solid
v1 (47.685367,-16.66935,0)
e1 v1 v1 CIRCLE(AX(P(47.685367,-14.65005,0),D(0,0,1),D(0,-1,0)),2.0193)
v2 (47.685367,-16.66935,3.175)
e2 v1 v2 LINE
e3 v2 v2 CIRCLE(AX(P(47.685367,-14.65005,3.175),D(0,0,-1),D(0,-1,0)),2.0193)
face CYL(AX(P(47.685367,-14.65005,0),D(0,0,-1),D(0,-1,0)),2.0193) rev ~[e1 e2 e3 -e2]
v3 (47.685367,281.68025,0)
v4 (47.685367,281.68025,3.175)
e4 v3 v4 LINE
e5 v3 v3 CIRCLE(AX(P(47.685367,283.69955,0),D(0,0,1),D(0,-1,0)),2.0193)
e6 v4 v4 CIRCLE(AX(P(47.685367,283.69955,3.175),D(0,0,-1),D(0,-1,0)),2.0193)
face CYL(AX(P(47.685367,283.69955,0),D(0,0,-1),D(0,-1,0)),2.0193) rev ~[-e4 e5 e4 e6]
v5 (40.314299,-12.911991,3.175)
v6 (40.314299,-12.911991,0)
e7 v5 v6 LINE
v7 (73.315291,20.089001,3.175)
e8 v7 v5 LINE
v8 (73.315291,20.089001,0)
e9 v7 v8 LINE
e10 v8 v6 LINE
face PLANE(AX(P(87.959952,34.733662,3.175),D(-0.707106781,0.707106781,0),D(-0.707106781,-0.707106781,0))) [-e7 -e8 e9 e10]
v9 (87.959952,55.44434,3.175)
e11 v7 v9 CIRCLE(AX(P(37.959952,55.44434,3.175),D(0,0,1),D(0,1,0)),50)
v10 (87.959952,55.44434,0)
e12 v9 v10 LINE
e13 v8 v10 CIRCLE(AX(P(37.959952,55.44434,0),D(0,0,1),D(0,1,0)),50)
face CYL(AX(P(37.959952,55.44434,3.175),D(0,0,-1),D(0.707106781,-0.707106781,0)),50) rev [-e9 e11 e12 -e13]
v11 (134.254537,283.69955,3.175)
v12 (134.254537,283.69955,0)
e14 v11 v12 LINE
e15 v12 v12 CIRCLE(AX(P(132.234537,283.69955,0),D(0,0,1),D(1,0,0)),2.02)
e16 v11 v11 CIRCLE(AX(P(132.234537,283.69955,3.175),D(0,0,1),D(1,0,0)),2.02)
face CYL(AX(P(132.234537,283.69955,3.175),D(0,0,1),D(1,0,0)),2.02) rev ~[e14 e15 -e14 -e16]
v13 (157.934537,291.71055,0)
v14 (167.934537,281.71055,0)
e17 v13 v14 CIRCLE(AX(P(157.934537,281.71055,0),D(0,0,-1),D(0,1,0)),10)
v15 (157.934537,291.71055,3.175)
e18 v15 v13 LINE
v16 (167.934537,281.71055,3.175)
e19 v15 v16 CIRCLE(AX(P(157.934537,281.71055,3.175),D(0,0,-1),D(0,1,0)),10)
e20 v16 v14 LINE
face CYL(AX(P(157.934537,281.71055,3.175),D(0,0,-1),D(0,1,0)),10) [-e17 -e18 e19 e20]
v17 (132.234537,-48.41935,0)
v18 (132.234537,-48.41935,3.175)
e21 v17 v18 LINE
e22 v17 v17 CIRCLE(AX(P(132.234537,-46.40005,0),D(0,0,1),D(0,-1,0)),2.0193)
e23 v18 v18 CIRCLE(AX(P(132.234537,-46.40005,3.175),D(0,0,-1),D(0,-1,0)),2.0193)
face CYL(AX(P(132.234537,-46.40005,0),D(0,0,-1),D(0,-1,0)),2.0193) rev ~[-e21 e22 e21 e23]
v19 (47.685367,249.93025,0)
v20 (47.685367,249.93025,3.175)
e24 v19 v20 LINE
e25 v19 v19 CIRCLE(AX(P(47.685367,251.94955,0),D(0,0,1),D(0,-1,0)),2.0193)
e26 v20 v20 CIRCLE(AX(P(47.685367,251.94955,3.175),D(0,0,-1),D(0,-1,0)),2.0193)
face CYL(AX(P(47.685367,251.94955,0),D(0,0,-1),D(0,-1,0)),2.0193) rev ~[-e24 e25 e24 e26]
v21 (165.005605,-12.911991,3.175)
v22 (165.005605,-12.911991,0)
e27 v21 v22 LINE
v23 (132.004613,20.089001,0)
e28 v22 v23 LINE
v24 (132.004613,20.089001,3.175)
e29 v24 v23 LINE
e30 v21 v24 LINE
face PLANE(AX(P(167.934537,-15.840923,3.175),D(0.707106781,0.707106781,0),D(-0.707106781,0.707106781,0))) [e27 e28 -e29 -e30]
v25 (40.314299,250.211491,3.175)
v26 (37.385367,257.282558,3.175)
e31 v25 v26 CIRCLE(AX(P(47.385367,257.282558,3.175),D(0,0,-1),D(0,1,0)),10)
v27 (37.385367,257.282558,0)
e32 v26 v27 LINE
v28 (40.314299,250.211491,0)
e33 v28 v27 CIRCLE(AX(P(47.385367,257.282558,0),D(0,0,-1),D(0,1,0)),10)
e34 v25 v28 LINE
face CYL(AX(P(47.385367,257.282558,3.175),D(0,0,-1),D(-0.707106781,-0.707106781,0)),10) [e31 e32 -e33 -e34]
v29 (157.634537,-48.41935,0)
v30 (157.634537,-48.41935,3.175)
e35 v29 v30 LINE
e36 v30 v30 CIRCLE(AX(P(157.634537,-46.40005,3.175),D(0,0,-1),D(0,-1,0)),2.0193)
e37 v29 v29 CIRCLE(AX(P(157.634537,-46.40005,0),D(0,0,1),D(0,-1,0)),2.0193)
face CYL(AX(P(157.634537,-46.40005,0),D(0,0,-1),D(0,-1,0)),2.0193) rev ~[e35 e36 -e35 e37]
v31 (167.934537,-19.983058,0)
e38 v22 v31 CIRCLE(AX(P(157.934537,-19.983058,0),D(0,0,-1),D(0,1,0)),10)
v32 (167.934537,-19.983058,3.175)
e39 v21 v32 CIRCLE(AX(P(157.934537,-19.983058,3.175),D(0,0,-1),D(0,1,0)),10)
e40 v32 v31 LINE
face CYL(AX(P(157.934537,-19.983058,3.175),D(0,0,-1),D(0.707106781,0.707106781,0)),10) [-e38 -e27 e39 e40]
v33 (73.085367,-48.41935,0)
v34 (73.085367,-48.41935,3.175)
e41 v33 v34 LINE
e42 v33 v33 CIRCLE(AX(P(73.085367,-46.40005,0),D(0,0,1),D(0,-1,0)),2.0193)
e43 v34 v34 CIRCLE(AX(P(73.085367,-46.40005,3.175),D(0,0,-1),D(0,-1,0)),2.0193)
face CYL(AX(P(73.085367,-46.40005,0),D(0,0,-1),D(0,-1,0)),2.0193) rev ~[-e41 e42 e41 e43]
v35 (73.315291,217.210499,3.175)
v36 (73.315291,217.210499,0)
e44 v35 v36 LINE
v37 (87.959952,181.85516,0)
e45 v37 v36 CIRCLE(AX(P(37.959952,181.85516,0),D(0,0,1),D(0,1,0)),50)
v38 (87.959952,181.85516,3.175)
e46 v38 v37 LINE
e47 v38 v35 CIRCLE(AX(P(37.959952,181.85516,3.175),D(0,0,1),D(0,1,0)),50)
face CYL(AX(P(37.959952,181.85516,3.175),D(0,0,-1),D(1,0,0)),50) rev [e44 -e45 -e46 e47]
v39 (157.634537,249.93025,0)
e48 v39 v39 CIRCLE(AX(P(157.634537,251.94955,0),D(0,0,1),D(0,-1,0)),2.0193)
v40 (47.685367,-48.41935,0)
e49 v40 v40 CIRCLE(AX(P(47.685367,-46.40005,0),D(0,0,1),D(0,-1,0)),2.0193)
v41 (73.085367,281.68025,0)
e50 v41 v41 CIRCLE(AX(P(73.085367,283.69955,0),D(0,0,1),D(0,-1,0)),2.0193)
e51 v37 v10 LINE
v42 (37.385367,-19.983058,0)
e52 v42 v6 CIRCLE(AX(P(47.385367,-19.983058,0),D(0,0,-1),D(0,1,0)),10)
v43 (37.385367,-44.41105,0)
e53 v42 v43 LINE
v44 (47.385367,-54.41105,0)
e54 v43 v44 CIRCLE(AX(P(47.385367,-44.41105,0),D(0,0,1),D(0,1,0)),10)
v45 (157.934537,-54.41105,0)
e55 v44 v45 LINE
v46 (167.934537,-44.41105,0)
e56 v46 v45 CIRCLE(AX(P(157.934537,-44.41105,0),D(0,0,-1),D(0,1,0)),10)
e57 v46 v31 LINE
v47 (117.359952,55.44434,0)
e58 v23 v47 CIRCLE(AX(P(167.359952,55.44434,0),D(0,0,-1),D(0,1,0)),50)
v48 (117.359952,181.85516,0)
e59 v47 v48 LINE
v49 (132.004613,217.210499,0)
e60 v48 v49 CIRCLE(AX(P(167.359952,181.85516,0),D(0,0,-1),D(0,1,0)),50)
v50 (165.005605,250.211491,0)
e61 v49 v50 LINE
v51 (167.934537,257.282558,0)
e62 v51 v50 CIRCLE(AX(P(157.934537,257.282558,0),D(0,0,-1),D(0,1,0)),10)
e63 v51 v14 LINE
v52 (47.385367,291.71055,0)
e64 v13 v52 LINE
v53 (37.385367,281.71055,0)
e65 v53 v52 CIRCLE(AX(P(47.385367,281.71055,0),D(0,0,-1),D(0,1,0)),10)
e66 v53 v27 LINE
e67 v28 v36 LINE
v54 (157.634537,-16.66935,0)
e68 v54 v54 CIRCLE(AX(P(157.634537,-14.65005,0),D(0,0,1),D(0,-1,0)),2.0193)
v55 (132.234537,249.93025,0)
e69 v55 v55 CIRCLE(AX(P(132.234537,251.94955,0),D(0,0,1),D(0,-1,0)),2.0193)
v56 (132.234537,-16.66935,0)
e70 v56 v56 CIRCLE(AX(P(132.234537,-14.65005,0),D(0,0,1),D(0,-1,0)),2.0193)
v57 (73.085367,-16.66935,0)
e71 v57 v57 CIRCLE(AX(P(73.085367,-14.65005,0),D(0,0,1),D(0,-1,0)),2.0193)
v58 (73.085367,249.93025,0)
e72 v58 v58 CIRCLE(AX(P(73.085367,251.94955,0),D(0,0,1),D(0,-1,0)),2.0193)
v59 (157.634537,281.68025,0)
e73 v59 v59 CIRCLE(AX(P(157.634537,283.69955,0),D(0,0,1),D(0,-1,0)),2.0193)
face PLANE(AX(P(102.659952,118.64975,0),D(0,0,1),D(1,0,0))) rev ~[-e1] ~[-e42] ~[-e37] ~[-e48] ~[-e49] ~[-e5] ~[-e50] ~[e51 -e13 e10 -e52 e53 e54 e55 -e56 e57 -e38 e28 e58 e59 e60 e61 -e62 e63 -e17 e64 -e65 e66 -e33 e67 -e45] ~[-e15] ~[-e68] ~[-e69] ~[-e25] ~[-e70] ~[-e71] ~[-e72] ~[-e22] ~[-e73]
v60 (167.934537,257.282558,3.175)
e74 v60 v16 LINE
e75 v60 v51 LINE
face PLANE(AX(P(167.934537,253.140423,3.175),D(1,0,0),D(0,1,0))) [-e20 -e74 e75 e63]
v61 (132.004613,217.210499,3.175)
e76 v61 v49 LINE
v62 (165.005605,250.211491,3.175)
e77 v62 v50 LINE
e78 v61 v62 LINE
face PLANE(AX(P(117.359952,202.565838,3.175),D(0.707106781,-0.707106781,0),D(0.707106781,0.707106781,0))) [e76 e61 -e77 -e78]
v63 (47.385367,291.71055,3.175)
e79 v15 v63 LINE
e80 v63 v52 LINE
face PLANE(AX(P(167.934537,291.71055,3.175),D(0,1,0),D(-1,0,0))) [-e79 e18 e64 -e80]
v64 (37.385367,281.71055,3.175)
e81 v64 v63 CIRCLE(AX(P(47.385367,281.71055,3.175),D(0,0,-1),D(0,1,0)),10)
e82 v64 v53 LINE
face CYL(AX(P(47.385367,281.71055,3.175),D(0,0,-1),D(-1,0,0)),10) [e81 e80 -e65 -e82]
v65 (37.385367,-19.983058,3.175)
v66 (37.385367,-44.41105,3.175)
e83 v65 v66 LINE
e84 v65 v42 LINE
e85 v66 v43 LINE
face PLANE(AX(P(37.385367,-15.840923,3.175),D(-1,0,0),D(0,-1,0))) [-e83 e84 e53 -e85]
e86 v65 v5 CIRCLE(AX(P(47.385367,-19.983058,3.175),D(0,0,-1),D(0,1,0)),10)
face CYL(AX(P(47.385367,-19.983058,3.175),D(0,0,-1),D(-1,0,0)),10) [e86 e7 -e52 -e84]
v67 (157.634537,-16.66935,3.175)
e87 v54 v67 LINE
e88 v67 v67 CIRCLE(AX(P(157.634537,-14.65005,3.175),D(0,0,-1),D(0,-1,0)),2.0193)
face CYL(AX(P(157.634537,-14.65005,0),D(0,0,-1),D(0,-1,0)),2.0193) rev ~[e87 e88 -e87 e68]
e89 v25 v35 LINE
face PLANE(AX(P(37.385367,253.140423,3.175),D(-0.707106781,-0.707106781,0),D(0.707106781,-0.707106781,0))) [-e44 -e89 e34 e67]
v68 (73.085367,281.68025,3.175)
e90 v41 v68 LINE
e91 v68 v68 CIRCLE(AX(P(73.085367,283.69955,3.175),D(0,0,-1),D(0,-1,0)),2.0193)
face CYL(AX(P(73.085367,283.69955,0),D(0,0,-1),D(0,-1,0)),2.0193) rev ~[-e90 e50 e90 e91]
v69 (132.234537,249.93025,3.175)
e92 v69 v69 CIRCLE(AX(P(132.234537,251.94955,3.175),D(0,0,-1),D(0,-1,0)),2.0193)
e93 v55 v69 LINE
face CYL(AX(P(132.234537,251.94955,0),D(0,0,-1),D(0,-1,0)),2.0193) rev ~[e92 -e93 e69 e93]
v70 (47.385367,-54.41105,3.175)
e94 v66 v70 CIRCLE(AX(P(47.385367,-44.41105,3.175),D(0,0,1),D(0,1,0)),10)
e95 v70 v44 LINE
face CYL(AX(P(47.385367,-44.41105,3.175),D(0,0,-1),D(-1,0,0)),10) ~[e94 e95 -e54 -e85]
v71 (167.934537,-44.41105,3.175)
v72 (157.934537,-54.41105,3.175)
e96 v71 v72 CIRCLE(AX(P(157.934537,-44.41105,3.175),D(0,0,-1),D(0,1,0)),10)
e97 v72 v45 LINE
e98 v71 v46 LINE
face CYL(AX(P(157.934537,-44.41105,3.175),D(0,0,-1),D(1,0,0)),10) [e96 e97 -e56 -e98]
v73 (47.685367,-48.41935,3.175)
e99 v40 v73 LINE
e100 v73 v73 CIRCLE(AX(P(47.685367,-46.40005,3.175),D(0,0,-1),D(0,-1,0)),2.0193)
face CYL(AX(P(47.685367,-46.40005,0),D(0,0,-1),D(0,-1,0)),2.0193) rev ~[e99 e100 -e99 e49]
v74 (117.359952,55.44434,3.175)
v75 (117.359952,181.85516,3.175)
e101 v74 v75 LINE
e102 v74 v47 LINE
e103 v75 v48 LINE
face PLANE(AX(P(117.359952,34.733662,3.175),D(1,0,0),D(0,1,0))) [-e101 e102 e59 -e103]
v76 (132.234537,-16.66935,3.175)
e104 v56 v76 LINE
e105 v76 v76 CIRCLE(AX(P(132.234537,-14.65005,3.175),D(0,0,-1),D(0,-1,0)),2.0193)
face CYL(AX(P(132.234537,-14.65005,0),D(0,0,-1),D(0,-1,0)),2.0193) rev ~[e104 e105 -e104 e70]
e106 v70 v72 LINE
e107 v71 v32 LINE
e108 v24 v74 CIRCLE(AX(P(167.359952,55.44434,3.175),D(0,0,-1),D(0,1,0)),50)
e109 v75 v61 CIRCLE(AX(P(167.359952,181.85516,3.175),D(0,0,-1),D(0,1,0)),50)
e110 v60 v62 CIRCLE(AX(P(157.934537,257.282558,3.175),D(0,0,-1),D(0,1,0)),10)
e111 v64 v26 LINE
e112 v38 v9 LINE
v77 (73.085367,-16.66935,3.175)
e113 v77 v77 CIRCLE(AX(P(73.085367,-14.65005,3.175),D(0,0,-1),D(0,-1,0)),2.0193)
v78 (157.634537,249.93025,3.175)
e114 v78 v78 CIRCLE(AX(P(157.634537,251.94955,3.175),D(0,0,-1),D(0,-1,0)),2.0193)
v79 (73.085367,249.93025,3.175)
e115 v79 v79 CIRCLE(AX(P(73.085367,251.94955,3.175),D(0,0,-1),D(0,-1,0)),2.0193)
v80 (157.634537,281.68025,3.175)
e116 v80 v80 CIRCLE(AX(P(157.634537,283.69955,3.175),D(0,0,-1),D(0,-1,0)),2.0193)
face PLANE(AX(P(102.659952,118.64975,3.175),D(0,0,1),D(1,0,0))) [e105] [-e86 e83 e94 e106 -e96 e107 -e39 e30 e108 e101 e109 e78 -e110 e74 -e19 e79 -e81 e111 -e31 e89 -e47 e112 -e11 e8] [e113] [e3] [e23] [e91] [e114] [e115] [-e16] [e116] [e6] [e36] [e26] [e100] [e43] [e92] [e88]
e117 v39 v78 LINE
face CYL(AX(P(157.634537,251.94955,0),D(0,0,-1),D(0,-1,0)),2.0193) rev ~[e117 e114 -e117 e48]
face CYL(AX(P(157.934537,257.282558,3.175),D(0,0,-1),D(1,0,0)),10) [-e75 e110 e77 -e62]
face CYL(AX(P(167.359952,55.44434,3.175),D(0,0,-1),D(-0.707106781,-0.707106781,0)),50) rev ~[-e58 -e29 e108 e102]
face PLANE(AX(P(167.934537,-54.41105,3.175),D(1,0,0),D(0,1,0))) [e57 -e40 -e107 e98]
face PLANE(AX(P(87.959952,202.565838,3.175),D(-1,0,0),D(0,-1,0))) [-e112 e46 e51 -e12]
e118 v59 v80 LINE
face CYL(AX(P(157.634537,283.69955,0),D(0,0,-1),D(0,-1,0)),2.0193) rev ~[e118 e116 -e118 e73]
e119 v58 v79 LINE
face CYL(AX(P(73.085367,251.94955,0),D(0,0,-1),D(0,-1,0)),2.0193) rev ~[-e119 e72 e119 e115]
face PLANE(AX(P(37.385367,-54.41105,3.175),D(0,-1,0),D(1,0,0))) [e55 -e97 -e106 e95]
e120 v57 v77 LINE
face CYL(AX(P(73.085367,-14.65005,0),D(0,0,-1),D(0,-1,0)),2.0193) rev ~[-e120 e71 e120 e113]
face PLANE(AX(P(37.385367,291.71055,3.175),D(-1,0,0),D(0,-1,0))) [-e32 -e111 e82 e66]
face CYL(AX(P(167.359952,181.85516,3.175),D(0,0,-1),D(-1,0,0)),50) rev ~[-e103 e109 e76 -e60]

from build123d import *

# Parameters (mm, degrees)
BOSS_EXTRUDE1_DEPTH = 3.175
CUT_EXTRUDE1_DEPTH  = 10
SKETCH3_R           = 2.0193
BOSS_EXTRUDE2_DEPTH = 3.175
FILLET1_R           = 10
FILLET2_R           = 50
SKETCH4_R           = 2.02
CUT_EXTRUDE2_DEPTH  = 10


with BuildPart() as part:
    # Sketch1 → Boss-Extrude1 (new body)
    with BuildSketch(Plane.XY):
        Polygon((165.934536959, -16.66935), (157.315236959, -8.05005), (115.359952094, -8.05005), (89.959952094, -8.05005), (48.004667228, -8.05005), (39.385367228, -16.66935), (39.385367228, -40.05005), (39.385367228, -52.41105), (165.934536959, -56.67505), (165.934536959, -42.05005), align=None)
        with BuildLine():
            ThreePointArc((47.685367228, -44.38075), (49.704667228, -46.40005), (47.685367228, -48.41935))
            ThreePointArc((47.685367228, -48.41935), (45.666067228, -46.40005), (47.685367228, -44.38075))
        make_face(mode=Mode.SUBTRACT)
        with BuildLine():
            ThreePointArc((47.685367228, -12.63075), (49.704667228, -14.65005), (47.685367228, -16.66935))
            ThreePointArc((47.685367228, -16.66935), (45.666067228, -14.65005), (47.685367228, -12.63075))
        make_face(mode=Mode.SUBTRACT)
        with BuildLine():
            ThreePointArc((73.085367228, -44.38075), (75.104667228, -46.40005), (73.085367228, -48.41935))
            ThreePointArc((73.085367228, -48.41935), (71.066067228, -46.40005), (73.085367228, -44.38075))
        make_face(mode=Mode.SUBTRACT)
        with BuildLine():
            ThreePointArc((73.085367228, -12.63075), (75.104667228, -14.65005), (73.085367228, -16.66935))
            ThreePointArc((73.085367228, -16.66935), (71.066067228, -14.65005), (73.085367228, -12.63075))
        make_face(mode=Mode.SUBTRACT)
        with BuildLine():
            ThreePointArc((132.234536959, -44.38075), (134.253836959, -46.40005), (132.234536959, -48.41935))
            ThreePointArc((132.234536959, -48.41935), (130.215236959, -46.40005), (132.234536959, -44.38075))
        make_face(mode=Mode.SUBTRACT)
        with BuildLine():
            ThreePointArc((132.234536959, -12.63075), (134.253836959, -14.65005), (132.234536959, -16.66935))
            ThreePointArc((132.234536959, -16.66935), (130.215236959, -14.65005), (132.234536959, -12.63075))
        make_face(mode=Mode.SUBTRACT)
        with BuildLine():
            ThreePointArc((157.634536959, -44.38075), (159.653836959, -46.40005), (157.634536959, -48.41935))
            ThreePointArc((157.634536959, -48.41935), (155.615236959, -46.40005), (157.634536959, -44.38075))
        make_face(mode=Mode.SUBTRACT)
        with BuildLine():
            ThreePointArc((157.634536959, -12.63075), (159.653836959, -14.65005), (157.634536959, -16.66935))
            ThreePointArc((157.634536959, -16.66935), (155.615236959, -14.65005), (157.634536959, -12.63075))
        make_face(mode=Mode.SUBTRACT)
        Polygon((115.359952094, -8.05005), (157.315236959, -8.05005), (115.359952094, 33.905234866), align=None)
        Polygon((89.959952094, -8.05005), (115.359952094, -8.05005), (115.359952094, 33.905234866), (115.359952094, 203.394265134), (115.359952094, 245.34955), (89.959952094, 245.34955), (89.959952094, 203.394265134), (89.959952094, 33.905234866), align=None)
        Polygon((48.004667228, -8.05005), (89.959952094, -8.05005), (89.959952094, 33.905234866), align=None)
        Polygon((89.959952094, 245.34955), (115.359952094, 245.34955), (157.315236959, 245.34955), (165.934536959, 253.96885), (165.934536959, 279.34955), (165.934536959, 293.97455), (39.385367228, 289.71055), (39.385367228, 277.34955), (39.385367228, 253.96885), (48.004667228, 245.34955), align=None)
        with BuildLine():
            ThreePointArc((47.685367228, 253.96885), (49.704667228, 251.94955), (47.685367228, 249.93025))
            ThreePointArc((47.685367228, 249.93025), (45.666067228, 251.94955), (47.685367228, 253.96885))
        make_face(mode=Mode.SUBTRACT)
        with BuildLine():
            ThreePointArc((47.685367228, 285.71885), (49.704667228, 283.69955), (47.685367228, 281.68025))
            ThreePointArc((47.685367228, 281.68025), (45.666067228, 283.69955), (47.685367228, 285.71885))
        make_face(mode=Mode.SUBTRACT)
        with BuildLine():
            ThreePointArc((73.085367228, 253.96885), (75.104667228, 251.94955), (73.085367228, 249.93025))
            ThreePointArc((73.085367228, 249.93025), (71.066067228, 251.94955), (73.085367228, 253.96885))
        make_face(mode=Mode.SUBTRACT)
        with BuildLine():
            ThreePointArc((73.085367228, 285.71885), (75.104667228, 283.69955), (73.085367228, 281.68025))
            ThreePointArc((73.085367228, 281.68025), (71.066067228, 283.69955), (73.085367228, 285.71885))
        make_face(mode=Mode.SUBTRACT)
        with BuildLine():
            ThreePointArc((132.234536959, 253.96885), (134.253836959, 251.94955), (132.234536959, 249.93025))
            ThreePointArc((132.234536959, 249.93025), (130.215236959, 251.94955), (132.234536959, 253.96885))
        make_face(mode=Mode.SUBTRACT)
        with BuildLine():
            ThreePointArc((157.634536959, 253.96885), (159.653836959, 251.94955), (157.634536959, 249.93025))
            ThreePointArc((157.634536959, 249.93025), (155.615236959, 251.94955), (157.634536959, 253.96885))
        make_face(mode=Mode.SUBTRACT)
        with BuildLine():
            ThreePointArc((157.634536959, 285.71885), (159.653836959, 283.69955), (157.634536959, 281.68025))
            ThreePointArc((157.634536959, 281.68025), (155.615236959, 283.69955), (157.634536959, 285.71885))
        make_face(mode=Mode.SUBTRACT)
        Polygon((115.359952094, 245.34955), (115.359952094, 203.394265134), (157.315236959, 245.34955), align=None)
        Polygon((48.004667228, 245.34955), (89.959952094, 203.394265134), (89.959952094, 245.34955), align=None)
    extrude(amount=BOSS_EXTRUDE1_DEPTH)

    # Sketch2 → Cut-Extrude1 (cut)
    with BuildSketch(Plane.XY.offset(3.175)):
        Polygon((84.385367228, -52.41105), (39.385367228, -52.41105), (165.934536959, -56.67505), (165.934536959, -52.41105), (120.934536959, -52.41105), align=None)
        Polygon((120.934536959, 289.71055), (165.934536959, 289.71055), (165.934536959, 293.97455), (39.385367228, 289.71055), (84.385367228, 289.71055), align=None)
    extrude(amount=-CUT_EXTRUDE1_DEPTH, mode=Mode.SUBTRACT)

    # Sketch3 → Boss-Extrude2 (add)
    with BuildSketch(Plane.XY.offset(3.175)):
        Polygon((37.385367228, -15.840922875), (37.385367228, -54.41105), (167.934536959, -54.41105), (167.934536959, -15.840922875), (117.359952094, 34.73366199), (117.359952094, 202.56583801), (167.934536959, 253.140422875), (167.934536959, 291.71055), (37.385367228, 291.71055), (37.385367228, 253.140422875), (87.959952094, 202.56583801), (87.959952094, 34.73366199), align=None)
        with Locations((132.234536959, -46.40005)):
            Circle(SKETCH3_R, mode=Mode.SUBTRACT)
        with Locations((132.234536959, -14.65005)):
            Circle(SKETCH3_R, mode=Mode.SUBTRACT)
        with Locations((47.685367228, -14.65005)):
            Circle(SKETCH3_R, mode=Mode.SUBTRACT)
        with Locations((47.685367228, -46.40005)):
            Circle(SKETCH3_R, mode=Mode.SUBTRACT)
        with Locations((73.085367228, -46.40005)):
            Circle(SKETCH3_R, mode=Mode.SUBTRACT)
        with Locations((73.085367228, -14.65005)):
            Circle(SKETCH3_R, mode=Mode.SUBTRACT)
        with Locations((157.634536959, -14.65005)):
            Circle(SKETCH3_R, mode=Mode.SUBTRACT)
        with Locations((157.634536959, -46.40005)):
            Circle(SKETCH3_R, mode=Mode.SUBTRACT)
        with Locations((132.234536959, 251.94955)):
            Circle(SKETCH3_R, mode=Mode.SUBTRACT)
        with Locations((73.085367228, 251.94955)):
            Circle(SKETCH3_R, mode=Mode.SUBTRACT)
        with Locations((157.634536959, 251.94955)):
            Circle(SKETCH3_R, mode=Mode.SUBTRACT)
        with Locations((47.685367228, 251.94955)):
            Circle(SKETCH3_R, mode=Mode.SUBTRACT)
        with Locations((47.685367228, 283.69955)):
            Circle(SKETCH3_R, mode=Mode.SUBTRACT)
        with Locations((73.085367228, 283.69955)):
            Circle(SKETCH3_R, mode=Mode.SUBTRACT)
        with Locations((157.634536959, 283.69955)):
            Circle(SKETCH3_R, mode=Mode.SUBTRACT)
    extrude(amount=-BOSS_EXTRUDE2_DEPTH)

    # Fillet1
    fillet1_edges = [part.edges().sort_by_distance(p)[0] for p in [
        (37.385367228, -54.41105, 1.5875),
        (167.934536959, -54.41105, 1.5875),
        (167.934536959, -15.840922875, 1.5875),
        (167.934536959, 253.140422875, 1.5875),
        (167.934536959, 291.71055, 1.5875),
        (37.385367228, 291.71055, 1.5875),
        (37.385367228, 253.140422875, 1.5875),
        (37.385367228, -15.840922875, 1.5875),
    ]]
    fillet(fillet1_edges, radius=FILLET1_R)

    # Fillet2
    fillet2_edges = [part.edges().sort_by_distance(p)[0] for p in [
        (117.359952094, 34.73366199, 1.5875),
        (117.359952094, 202.56583801, 1.5875),
        (87.959952094, 202.56583801, 1.5875),
        (87.959952094, 34.73366199, 1.5875),
    ]]
    fillet(fillet2_edges, radius=FILLET2_R)

    # Sketch4 → Cut-Extrude2 (cut)
    with BuildSketch(Plane.XY.offset(3.175)):
        with Locations((132.234536959, 283.69955)):
            Circle(SKETCH4_R)
    extrude(amount=-CUT_EXTRUDE2_DEPTH, mode=Mode.SUBTRACT)


solid = part.part
